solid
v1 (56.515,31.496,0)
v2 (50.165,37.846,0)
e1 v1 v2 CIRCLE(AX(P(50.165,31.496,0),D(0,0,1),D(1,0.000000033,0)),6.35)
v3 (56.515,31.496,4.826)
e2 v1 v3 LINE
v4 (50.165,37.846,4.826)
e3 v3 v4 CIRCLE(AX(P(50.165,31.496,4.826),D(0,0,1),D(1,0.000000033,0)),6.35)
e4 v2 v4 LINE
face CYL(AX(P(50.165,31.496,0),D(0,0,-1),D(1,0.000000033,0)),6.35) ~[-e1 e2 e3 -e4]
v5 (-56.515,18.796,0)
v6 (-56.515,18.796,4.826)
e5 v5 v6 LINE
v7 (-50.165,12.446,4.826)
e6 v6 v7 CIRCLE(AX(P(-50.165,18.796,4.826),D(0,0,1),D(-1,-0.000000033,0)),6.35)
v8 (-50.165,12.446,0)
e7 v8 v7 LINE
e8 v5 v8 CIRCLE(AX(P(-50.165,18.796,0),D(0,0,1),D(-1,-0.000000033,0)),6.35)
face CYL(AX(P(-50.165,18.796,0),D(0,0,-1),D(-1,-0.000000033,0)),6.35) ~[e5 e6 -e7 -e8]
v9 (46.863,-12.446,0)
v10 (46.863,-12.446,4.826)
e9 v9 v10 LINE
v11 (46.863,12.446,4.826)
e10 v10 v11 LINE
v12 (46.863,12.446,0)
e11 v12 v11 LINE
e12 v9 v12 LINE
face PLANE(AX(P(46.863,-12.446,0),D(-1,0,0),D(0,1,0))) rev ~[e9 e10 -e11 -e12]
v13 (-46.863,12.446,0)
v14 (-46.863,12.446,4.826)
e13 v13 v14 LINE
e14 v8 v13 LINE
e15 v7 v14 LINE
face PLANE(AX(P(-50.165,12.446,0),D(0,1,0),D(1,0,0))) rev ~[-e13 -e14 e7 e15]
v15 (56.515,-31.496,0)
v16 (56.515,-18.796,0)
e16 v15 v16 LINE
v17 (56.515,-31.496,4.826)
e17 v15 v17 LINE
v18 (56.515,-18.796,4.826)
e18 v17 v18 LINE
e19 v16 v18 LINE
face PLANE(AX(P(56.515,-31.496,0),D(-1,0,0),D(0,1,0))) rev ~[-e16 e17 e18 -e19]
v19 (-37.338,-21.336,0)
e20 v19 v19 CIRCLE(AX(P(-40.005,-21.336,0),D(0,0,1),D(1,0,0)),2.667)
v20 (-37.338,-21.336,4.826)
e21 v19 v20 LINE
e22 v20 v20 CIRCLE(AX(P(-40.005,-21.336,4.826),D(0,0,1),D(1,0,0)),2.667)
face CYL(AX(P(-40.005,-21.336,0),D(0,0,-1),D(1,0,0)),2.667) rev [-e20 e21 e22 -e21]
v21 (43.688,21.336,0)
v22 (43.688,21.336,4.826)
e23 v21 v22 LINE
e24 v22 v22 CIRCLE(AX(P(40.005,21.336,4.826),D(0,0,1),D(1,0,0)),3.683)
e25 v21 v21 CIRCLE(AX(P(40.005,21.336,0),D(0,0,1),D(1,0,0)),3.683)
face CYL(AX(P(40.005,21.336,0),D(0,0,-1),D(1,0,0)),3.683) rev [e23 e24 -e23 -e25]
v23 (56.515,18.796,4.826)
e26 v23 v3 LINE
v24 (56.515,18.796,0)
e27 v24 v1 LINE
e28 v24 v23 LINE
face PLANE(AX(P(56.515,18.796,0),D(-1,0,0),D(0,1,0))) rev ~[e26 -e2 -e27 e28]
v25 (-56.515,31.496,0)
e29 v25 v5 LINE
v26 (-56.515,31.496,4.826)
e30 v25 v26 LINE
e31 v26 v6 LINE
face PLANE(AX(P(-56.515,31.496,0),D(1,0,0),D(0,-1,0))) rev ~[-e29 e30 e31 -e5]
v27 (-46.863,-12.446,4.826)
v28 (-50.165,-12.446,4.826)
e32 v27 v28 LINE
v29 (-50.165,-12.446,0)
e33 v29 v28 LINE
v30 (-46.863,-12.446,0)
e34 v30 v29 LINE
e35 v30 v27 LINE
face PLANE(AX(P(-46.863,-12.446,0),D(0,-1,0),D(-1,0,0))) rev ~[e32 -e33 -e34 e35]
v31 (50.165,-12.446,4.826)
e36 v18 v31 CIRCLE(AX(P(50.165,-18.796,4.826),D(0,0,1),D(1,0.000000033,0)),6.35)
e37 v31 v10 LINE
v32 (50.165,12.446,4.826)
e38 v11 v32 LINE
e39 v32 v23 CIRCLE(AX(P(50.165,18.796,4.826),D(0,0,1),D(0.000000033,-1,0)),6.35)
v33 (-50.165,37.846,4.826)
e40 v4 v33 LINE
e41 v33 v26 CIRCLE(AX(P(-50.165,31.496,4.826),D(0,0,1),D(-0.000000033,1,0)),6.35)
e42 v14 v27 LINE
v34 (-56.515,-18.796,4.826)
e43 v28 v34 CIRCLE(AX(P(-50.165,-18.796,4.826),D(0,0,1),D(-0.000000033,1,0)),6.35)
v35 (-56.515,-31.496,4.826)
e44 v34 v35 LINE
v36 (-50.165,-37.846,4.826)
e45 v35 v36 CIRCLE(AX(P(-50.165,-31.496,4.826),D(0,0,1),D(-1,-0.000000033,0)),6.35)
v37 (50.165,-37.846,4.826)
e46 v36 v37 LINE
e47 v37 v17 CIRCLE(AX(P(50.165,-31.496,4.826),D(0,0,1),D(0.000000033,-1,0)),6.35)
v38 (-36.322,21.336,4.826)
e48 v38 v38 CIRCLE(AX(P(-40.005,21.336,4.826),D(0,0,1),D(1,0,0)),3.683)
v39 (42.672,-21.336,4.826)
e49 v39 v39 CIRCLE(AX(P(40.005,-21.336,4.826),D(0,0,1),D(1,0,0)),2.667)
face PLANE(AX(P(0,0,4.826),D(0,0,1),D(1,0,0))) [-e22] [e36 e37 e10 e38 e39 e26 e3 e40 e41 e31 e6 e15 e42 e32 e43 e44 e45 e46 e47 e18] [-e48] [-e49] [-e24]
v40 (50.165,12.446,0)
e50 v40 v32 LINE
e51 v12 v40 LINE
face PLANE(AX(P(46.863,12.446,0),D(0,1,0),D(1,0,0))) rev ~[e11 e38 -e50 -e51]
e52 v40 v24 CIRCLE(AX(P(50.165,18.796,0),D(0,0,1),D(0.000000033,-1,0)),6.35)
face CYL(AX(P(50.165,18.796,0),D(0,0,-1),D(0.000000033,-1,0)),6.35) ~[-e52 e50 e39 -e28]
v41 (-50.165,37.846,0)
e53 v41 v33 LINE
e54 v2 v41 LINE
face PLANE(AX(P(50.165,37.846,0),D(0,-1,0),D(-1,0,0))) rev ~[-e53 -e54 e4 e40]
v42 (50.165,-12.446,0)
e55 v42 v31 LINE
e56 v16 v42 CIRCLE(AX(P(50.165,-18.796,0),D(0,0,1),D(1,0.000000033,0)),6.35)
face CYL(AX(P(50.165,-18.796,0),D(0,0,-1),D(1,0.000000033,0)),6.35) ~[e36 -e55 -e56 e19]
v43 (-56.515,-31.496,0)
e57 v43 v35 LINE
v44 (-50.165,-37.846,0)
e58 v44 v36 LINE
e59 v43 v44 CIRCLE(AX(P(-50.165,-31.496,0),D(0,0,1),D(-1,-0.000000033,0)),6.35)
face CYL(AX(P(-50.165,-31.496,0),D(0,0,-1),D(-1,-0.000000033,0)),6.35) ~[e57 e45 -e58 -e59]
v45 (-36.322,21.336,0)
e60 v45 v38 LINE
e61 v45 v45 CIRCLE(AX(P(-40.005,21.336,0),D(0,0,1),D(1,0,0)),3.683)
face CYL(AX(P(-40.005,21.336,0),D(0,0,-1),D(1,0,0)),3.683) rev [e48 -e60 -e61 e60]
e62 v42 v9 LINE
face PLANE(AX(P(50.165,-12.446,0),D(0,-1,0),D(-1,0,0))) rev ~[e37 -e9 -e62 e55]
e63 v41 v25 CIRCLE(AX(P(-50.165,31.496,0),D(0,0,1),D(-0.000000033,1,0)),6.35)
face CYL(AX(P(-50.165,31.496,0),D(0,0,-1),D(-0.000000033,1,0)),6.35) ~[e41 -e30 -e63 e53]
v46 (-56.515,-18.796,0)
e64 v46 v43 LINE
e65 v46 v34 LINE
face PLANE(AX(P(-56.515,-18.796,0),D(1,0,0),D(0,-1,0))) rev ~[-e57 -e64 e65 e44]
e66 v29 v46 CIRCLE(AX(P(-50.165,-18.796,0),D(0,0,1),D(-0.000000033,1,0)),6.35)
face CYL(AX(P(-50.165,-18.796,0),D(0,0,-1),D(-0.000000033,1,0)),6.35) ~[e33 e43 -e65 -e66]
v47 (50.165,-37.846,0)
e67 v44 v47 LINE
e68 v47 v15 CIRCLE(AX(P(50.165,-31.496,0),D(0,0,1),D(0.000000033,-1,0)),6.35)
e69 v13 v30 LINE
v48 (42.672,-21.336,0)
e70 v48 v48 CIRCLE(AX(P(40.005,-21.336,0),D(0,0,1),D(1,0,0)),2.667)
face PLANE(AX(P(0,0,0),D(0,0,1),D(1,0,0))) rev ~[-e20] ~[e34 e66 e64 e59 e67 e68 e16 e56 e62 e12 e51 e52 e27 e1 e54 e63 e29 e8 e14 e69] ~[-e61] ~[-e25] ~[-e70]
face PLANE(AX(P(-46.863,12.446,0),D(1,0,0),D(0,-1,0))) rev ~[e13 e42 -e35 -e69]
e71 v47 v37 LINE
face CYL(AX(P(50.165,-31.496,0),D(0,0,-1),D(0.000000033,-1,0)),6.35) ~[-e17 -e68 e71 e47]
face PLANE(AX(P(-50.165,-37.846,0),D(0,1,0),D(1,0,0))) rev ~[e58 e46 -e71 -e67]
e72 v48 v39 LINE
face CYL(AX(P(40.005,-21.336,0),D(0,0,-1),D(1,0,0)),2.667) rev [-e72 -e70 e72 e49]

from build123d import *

# Parameters (mm, degrees)
F0_R     = 2.667
F0_R_2   = 3.683
F1_DEPTH = 4.826


with BuildPart() as f1:
    # F0 (on Top) → F1 (new body)
    with BuildSketch(Plane.XY):
        with BuildLine():
            Line((50.165, 37.846), (-50.165, 37.846))
            ThreePointArc((-50.165, 37.846), (-54.655128, 35.986128), (-56.515, 31.496))
            Line((-56.515, 31.496), (-56.515, 18.796))
            ThreePointArc((-56.515, 18.796), (-54.655128, 14.305872), (-50.165, 12.446))
            Line((-50.165, 12.446), (-46.863, 12.446))
            Line((-46.863, 12.446), (-46.863, -12.446))
            Line((-46.863, -12.446), (-50.165, -12.446))
            ThreePointArc((-50.165, -12.446), (-54.655128, -14.305872), (-56.515, -18.796))
            Line((-56.515, -18.796), (-56.515, -31.496))
            ThreePointArc((-56.515, -31.496), (-54.655128, -35.986128), (-50.165, -37.846))
            Line((-50.165, -37.846), (50.165, -37.846))
            ThreePointArc((50.165, -37.846), (54.655128, -35.986128), (56.515, -31.496))
            Line((56.515, -31.496), (56.515, -18.796))
            ThreePointArc((56.515, -18.796), (54.655128, -14.305872), (50.165, -12.446))
            Line((50.165, -12.446), (46.863, -12.446))
            Line((46.863, -12.446), (46.863, 12.446))
            Line((46.863, 12.446), (50.165, 12.446))
            ThreePointArc((50.165, 12.446), (54.655128, 14.305872), (56.515, 18.796))
            Line((56.515, 18.796), (56.515, 31.496))
            ThreePointArc((56.515, 31.496), (54.655128, 35.986128), (50.165, 37.846))
        make_face()
        with Locations((-40.005, -21.336)):
            Circle(F0_R, mode=Mode.SUBTRACT)
        with Locations((40.005, -21.336)):
            Circle(F0_R, mode=Mode.SUBTRACT)
        with Locations((-40.005, 21.336)):
            Circle(F0_R_2, mode=Mode.SUBTRACT)
        with Locations((40.005, 21.336)):
            Circle(F0_R_2, mode=Mode.SUBTRACT)
    extrude(amount=F1_DEPTH)


solid = f1.part
